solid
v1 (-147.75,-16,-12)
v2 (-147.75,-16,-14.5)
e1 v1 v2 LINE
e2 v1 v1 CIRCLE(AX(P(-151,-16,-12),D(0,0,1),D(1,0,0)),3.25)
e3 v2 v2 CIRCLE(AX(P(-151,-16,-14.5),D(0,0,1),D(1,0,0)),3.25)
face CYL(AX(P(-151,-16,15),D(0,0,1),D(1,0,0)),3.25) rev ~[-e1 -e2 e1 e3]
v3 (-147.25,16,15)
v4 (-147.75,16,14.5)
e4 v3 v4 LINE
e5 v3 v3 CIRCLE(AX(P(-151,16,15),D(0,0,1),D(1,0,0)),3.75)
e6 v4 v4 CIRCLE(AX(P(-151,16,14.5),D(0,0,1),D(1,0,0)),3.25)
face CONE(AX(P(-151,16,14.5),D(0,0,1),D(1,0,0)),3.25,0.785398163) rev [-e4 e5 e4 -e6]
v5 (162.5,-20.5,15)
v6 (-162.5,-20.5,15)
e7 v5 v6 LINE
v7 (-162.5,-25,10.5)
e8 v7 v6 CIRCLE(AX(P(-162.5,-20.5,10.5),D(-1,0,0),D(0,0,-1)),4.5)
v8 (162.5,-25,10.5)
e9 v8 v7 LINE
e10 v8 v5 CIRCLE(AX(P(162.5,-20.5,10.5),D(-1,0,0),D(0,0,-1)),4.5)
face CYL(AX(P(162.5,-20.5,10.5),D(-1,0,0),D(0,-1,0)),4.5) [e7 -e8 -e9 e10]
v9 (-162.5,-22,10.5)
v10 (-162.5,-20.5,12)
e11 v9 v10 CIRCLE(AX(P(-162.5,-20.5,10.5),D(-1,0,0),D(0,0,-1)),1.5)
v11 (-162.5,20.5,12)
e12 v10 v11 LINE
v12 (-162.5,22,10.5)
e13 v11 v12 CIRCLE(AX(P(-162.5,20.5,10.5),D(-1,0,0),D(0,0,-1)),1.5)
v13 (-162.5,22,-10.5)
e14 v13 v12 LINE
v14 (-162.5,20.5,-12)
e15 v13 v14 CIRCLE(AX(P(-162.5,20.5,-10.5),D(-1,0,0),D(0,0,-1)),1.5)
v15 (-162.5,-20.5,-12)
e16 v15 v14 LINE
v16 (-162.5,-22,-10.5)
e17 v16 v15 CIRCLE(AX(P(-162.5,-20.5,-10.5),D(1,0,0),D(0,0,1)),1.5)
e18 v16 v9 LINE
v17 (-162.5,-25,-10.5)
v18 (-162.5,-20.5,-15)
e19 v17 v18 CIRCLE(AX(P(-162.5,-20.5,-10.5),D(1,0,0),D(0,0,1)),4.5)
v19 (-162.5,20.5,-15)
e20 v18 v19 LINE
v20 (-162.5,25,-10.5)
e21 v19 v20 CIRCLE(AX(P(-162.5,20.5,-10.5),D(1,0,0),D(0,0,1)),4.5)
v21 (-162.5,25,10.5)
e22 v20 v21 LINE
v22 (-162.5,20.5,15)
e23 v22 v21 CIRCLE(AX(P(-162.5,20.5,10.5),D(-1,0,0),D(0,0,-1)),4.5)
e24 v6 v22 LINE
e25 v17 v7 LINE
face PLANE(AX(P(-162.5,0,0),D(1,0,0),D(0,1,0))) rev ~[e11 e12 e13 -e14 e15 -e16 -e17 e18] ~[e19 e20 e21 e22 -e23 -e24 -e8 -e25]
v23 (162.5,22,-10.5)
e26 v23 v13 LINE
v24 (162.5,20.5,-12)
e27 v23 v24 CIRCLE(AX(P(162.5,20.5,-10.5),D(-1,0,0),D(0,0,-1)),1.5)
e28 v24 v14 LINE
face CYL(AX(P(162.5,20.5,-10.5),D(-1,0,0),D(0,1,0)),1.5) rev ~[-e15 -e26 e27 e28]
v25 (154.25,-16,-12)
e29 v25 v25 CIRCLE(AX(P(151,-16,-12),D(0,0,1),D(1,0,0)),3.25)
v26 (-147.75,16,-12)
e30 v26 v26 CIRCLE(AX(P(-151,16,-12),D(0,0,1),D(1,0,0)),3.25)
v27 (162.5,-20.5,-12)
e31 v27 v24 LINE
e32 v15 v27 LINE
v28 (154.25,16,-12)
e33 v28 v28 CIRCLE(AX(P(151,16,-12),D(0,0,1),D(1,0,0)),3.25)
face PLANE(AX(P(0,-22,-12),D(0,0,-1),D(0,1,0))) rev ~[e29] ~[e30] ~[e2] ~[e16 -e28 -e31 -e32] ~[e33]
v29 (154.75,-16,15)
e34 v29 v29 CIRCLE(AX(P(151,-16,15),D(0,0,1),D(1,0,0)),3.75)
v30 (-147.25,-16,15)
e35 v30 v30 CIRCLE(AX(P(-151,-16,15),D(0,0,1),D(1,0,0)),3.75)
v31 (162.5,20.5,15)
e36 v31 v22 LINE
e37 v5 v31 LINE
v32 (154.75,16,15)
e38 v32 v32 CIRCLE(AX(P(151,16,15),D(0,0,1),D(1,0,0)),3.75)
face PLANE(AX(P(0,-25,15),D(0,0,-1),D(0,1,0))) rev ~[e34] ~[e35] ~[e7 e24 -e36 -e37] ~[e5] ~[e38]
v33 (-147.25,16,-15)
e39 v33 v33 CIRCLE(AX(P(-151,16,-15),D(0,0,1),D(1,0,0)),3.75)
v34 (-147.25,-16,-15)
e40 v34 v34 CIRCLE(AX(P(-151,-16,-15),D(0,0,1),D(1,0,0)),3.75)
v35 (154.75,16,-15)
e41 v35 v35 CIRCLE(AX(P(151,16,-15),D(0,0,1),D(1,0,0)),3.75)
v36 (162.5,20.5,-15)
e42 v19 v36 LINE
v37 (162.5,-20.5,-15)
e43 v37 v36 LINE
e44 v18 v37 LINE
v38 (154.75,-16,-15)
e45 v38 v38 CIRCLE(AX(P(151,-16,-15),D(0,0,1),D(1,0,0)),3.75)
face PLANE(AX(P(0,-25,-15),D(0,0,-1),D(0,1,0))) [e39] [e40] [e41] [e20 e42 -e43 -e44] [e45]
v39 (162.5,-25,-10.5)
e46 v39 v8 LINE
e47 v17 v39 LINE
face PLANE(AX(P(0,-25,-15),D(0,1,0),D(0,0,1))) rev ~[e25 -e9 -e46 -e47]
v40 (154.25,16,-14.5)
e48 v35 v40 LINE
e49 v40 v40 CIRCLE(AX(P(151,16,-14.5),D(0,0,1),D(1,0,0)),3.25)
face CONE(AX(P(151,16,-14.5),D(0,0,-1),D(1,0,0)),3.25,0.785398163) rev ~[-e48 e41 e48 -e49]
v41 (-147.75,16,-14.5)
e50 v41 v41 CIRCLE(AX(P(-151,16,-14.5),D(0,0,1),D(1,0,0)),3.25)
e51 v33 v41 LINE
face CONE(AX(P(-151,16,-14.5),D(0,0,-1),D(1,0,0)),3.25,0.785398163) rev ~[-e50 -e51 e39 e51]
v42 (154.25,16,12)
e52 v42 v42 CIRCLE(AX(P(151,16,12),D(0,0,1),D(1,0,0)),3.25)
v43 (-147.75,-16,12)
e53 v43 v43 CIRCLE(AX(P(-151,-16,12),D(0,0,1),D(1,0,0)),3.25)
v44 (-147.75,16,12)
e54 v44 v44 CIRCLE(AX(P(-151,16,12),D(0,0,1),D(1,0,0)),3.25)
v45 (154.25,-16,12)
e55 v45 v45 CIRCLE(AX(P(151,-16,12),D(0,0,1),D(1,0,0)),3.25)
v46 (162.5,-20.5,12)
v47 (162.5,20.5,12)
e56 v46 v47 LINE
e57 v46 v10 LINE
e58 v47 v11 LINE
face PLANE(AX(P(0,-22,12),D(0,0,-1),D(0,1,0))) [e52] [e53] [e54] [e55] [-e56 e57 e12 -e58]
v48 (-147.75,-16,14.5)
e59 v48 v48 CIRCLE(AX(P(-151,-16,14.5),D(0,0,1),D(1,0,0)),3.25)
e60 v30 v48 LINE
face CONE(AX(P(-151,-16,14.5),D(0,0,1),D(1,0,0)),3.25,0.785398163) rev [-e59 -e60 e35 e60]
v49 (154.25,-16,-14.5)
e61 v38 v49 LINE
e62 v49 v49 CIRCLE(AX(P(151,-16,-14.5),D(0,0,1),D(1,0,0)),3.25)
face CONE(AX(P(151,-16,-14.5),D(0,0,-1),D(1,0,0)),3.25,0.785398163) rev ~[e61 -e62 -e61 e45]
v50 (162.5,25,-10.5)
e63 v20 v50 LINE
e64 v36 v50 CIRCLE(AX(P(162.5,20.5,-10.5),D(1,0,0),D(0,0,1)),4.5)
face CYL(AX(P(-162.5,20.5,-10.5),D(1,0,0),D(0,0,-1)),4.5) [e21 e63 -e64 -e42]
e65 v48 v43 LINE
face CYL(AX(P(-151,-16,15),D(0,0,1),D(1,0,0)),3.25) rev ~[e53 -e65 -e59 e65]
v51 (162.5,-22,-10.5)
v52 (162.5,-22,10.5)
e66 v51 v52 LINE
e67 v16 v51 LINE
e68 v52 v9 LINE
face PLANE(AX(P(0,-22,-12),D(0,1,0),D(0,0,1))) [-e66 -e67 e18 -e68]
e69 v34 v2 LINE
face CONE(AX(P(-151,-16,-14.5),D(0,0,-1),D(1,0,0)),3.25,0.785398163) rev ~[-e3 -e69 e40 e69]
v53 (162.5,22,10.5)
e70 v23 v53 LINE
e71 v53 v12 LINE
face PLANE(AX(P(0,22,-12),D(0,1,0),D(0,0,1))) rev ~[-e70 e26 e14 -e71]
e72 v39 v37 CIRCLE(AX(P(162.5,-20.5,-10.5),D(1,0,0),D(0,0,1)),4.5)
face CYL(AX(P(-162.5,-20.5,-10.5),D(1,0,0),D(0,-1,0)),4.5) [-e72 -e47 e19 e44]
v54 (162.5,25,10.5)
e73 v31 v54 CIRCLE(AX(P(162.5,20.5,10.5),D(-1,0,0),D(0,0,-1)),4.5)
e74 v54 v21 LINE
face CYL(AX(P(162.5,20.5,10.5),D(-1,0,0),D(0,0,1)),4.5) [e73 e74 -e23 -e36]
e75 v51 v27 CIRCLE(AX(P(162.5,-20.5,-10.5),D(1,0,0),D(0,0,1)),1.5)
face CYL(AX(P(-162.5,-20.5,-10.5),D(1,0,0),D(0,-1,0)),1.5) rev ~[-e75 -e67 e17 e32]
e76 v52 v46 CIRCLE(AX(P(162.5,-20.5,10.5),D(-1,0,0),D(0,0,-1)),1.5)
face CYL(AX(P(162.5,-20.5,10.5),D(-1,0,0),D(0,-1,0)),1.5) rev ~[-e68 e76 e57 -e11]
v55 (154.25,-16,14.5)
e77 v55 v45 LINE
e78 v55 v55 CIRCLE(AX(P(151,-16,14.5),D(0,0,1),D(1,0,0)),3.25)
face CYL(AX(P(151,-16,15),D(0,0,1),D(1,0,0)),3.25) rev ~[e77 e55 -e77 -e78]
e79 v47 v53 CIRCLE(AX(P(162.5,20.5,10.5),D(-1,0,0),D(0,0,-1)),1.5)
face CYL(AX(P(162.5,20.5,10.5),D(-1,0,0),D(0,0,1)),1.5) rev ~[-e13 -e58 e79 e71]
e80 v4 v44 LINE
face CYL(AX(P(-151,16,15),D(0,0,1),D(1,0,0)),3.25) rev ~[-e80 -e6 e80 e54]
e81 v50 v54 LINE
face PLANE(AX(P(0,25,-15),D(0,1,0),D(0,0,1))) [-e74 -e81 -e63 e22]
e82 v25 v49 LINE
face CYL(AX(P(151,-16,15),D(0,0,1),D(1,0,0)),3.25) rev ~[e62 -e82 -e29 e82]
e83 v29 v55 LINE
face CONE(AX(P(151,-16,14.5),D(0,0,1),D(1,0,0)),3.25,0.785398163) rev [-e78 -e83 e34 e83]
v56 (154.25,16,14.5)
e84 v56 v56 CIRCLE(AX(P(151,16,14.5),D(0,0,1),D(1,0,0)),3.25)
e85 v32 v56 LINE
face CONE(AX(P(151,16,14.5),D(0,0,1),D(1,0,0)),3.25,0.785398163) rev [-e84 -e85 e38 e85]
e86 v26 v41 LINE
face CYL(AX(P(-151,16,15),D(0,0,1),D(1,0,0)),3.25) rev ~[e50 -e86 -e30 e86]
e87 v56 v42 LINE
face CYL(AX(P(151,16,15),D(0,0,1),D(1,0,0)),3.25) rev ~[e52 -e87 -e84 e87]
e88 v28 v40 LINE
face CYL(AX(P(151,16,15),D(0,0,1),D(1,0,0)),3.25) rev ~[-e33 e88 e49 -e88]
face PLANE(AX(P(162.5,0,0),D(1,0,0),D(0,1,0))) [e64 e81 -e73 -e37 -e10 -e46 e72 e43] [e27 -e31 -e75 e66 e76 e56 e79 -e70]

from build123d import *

# Parameters (mm, degrees)
F0_W     = 50
F0_H     = 30
F0_W_2   = 44
F0_H_2   = 24
F1_DEPTH = 162.5
F2_R     = 1.5
F3_R     = 4.5
F4_R     = 3.25
F5_DEPTH = 35
F6_SIZE  = 0.5


with BuildPart() as f1:
    # F0 (on Right) → F1 (new body, symmetric)
    with BuildSketch(Plane.YZ):
        Rectangle(F0_W, F0_H)
        Rectangle(F0_W_2, F0_H_2, mode=Mode.SUBTRACT)
    extrude(amount=F1_DEPTH, both=True)

    # F2
    f2_edges = [f1.edges().sort_by_distance(p)[0] for p in [
        (0, -22, -12),
        (0, -22, 12),
        (0, 22, -12),
        (0, 22, 12),
    ]]
    fillet(f2_edges, radius=F2_R)

    # F3
    f3_edges = [f1.edges().sort_by_distance(p)[0] for p in [
        (0, -25, 15),
        (0, -25, -15),
        (0, 25, -15),
        (0, 25, 15),
    ]]
    fillet(f3_edges, radius=F3_R)

    # F4 (on face) → F5 (cut)
    with BuildSketch(Plane.XY.offset(15)):
        with Locations((-151, 16)):
            Circle(F4_R)
        with Locations((-151, -16)):
            Circle(F4_R)
        with Locations((151, -16)):
            Circle(F4_R)
        with Locations((151, 16)):
            Circle(F4_R)
    extrude(amount=-F5_DEPTH, mode=Mode.SUBTRACT)

    # F6
    f6_edges = [f1.edges().sort_by_distance(p)[0] for p in [
        (-154.25, -16, 15),
        (-154.25, 16, 15),
        (147.75, -16, 15),
        (147.75, 16, 15),
        (147.75, 16, -15),
        (147.75, -16, -15),
        (-154.25, 16, -15),
        (-154.25, -16, -15),
    ]]
    chamfer(f6_edges, length=F6_SIZE)


solid = f1.part
